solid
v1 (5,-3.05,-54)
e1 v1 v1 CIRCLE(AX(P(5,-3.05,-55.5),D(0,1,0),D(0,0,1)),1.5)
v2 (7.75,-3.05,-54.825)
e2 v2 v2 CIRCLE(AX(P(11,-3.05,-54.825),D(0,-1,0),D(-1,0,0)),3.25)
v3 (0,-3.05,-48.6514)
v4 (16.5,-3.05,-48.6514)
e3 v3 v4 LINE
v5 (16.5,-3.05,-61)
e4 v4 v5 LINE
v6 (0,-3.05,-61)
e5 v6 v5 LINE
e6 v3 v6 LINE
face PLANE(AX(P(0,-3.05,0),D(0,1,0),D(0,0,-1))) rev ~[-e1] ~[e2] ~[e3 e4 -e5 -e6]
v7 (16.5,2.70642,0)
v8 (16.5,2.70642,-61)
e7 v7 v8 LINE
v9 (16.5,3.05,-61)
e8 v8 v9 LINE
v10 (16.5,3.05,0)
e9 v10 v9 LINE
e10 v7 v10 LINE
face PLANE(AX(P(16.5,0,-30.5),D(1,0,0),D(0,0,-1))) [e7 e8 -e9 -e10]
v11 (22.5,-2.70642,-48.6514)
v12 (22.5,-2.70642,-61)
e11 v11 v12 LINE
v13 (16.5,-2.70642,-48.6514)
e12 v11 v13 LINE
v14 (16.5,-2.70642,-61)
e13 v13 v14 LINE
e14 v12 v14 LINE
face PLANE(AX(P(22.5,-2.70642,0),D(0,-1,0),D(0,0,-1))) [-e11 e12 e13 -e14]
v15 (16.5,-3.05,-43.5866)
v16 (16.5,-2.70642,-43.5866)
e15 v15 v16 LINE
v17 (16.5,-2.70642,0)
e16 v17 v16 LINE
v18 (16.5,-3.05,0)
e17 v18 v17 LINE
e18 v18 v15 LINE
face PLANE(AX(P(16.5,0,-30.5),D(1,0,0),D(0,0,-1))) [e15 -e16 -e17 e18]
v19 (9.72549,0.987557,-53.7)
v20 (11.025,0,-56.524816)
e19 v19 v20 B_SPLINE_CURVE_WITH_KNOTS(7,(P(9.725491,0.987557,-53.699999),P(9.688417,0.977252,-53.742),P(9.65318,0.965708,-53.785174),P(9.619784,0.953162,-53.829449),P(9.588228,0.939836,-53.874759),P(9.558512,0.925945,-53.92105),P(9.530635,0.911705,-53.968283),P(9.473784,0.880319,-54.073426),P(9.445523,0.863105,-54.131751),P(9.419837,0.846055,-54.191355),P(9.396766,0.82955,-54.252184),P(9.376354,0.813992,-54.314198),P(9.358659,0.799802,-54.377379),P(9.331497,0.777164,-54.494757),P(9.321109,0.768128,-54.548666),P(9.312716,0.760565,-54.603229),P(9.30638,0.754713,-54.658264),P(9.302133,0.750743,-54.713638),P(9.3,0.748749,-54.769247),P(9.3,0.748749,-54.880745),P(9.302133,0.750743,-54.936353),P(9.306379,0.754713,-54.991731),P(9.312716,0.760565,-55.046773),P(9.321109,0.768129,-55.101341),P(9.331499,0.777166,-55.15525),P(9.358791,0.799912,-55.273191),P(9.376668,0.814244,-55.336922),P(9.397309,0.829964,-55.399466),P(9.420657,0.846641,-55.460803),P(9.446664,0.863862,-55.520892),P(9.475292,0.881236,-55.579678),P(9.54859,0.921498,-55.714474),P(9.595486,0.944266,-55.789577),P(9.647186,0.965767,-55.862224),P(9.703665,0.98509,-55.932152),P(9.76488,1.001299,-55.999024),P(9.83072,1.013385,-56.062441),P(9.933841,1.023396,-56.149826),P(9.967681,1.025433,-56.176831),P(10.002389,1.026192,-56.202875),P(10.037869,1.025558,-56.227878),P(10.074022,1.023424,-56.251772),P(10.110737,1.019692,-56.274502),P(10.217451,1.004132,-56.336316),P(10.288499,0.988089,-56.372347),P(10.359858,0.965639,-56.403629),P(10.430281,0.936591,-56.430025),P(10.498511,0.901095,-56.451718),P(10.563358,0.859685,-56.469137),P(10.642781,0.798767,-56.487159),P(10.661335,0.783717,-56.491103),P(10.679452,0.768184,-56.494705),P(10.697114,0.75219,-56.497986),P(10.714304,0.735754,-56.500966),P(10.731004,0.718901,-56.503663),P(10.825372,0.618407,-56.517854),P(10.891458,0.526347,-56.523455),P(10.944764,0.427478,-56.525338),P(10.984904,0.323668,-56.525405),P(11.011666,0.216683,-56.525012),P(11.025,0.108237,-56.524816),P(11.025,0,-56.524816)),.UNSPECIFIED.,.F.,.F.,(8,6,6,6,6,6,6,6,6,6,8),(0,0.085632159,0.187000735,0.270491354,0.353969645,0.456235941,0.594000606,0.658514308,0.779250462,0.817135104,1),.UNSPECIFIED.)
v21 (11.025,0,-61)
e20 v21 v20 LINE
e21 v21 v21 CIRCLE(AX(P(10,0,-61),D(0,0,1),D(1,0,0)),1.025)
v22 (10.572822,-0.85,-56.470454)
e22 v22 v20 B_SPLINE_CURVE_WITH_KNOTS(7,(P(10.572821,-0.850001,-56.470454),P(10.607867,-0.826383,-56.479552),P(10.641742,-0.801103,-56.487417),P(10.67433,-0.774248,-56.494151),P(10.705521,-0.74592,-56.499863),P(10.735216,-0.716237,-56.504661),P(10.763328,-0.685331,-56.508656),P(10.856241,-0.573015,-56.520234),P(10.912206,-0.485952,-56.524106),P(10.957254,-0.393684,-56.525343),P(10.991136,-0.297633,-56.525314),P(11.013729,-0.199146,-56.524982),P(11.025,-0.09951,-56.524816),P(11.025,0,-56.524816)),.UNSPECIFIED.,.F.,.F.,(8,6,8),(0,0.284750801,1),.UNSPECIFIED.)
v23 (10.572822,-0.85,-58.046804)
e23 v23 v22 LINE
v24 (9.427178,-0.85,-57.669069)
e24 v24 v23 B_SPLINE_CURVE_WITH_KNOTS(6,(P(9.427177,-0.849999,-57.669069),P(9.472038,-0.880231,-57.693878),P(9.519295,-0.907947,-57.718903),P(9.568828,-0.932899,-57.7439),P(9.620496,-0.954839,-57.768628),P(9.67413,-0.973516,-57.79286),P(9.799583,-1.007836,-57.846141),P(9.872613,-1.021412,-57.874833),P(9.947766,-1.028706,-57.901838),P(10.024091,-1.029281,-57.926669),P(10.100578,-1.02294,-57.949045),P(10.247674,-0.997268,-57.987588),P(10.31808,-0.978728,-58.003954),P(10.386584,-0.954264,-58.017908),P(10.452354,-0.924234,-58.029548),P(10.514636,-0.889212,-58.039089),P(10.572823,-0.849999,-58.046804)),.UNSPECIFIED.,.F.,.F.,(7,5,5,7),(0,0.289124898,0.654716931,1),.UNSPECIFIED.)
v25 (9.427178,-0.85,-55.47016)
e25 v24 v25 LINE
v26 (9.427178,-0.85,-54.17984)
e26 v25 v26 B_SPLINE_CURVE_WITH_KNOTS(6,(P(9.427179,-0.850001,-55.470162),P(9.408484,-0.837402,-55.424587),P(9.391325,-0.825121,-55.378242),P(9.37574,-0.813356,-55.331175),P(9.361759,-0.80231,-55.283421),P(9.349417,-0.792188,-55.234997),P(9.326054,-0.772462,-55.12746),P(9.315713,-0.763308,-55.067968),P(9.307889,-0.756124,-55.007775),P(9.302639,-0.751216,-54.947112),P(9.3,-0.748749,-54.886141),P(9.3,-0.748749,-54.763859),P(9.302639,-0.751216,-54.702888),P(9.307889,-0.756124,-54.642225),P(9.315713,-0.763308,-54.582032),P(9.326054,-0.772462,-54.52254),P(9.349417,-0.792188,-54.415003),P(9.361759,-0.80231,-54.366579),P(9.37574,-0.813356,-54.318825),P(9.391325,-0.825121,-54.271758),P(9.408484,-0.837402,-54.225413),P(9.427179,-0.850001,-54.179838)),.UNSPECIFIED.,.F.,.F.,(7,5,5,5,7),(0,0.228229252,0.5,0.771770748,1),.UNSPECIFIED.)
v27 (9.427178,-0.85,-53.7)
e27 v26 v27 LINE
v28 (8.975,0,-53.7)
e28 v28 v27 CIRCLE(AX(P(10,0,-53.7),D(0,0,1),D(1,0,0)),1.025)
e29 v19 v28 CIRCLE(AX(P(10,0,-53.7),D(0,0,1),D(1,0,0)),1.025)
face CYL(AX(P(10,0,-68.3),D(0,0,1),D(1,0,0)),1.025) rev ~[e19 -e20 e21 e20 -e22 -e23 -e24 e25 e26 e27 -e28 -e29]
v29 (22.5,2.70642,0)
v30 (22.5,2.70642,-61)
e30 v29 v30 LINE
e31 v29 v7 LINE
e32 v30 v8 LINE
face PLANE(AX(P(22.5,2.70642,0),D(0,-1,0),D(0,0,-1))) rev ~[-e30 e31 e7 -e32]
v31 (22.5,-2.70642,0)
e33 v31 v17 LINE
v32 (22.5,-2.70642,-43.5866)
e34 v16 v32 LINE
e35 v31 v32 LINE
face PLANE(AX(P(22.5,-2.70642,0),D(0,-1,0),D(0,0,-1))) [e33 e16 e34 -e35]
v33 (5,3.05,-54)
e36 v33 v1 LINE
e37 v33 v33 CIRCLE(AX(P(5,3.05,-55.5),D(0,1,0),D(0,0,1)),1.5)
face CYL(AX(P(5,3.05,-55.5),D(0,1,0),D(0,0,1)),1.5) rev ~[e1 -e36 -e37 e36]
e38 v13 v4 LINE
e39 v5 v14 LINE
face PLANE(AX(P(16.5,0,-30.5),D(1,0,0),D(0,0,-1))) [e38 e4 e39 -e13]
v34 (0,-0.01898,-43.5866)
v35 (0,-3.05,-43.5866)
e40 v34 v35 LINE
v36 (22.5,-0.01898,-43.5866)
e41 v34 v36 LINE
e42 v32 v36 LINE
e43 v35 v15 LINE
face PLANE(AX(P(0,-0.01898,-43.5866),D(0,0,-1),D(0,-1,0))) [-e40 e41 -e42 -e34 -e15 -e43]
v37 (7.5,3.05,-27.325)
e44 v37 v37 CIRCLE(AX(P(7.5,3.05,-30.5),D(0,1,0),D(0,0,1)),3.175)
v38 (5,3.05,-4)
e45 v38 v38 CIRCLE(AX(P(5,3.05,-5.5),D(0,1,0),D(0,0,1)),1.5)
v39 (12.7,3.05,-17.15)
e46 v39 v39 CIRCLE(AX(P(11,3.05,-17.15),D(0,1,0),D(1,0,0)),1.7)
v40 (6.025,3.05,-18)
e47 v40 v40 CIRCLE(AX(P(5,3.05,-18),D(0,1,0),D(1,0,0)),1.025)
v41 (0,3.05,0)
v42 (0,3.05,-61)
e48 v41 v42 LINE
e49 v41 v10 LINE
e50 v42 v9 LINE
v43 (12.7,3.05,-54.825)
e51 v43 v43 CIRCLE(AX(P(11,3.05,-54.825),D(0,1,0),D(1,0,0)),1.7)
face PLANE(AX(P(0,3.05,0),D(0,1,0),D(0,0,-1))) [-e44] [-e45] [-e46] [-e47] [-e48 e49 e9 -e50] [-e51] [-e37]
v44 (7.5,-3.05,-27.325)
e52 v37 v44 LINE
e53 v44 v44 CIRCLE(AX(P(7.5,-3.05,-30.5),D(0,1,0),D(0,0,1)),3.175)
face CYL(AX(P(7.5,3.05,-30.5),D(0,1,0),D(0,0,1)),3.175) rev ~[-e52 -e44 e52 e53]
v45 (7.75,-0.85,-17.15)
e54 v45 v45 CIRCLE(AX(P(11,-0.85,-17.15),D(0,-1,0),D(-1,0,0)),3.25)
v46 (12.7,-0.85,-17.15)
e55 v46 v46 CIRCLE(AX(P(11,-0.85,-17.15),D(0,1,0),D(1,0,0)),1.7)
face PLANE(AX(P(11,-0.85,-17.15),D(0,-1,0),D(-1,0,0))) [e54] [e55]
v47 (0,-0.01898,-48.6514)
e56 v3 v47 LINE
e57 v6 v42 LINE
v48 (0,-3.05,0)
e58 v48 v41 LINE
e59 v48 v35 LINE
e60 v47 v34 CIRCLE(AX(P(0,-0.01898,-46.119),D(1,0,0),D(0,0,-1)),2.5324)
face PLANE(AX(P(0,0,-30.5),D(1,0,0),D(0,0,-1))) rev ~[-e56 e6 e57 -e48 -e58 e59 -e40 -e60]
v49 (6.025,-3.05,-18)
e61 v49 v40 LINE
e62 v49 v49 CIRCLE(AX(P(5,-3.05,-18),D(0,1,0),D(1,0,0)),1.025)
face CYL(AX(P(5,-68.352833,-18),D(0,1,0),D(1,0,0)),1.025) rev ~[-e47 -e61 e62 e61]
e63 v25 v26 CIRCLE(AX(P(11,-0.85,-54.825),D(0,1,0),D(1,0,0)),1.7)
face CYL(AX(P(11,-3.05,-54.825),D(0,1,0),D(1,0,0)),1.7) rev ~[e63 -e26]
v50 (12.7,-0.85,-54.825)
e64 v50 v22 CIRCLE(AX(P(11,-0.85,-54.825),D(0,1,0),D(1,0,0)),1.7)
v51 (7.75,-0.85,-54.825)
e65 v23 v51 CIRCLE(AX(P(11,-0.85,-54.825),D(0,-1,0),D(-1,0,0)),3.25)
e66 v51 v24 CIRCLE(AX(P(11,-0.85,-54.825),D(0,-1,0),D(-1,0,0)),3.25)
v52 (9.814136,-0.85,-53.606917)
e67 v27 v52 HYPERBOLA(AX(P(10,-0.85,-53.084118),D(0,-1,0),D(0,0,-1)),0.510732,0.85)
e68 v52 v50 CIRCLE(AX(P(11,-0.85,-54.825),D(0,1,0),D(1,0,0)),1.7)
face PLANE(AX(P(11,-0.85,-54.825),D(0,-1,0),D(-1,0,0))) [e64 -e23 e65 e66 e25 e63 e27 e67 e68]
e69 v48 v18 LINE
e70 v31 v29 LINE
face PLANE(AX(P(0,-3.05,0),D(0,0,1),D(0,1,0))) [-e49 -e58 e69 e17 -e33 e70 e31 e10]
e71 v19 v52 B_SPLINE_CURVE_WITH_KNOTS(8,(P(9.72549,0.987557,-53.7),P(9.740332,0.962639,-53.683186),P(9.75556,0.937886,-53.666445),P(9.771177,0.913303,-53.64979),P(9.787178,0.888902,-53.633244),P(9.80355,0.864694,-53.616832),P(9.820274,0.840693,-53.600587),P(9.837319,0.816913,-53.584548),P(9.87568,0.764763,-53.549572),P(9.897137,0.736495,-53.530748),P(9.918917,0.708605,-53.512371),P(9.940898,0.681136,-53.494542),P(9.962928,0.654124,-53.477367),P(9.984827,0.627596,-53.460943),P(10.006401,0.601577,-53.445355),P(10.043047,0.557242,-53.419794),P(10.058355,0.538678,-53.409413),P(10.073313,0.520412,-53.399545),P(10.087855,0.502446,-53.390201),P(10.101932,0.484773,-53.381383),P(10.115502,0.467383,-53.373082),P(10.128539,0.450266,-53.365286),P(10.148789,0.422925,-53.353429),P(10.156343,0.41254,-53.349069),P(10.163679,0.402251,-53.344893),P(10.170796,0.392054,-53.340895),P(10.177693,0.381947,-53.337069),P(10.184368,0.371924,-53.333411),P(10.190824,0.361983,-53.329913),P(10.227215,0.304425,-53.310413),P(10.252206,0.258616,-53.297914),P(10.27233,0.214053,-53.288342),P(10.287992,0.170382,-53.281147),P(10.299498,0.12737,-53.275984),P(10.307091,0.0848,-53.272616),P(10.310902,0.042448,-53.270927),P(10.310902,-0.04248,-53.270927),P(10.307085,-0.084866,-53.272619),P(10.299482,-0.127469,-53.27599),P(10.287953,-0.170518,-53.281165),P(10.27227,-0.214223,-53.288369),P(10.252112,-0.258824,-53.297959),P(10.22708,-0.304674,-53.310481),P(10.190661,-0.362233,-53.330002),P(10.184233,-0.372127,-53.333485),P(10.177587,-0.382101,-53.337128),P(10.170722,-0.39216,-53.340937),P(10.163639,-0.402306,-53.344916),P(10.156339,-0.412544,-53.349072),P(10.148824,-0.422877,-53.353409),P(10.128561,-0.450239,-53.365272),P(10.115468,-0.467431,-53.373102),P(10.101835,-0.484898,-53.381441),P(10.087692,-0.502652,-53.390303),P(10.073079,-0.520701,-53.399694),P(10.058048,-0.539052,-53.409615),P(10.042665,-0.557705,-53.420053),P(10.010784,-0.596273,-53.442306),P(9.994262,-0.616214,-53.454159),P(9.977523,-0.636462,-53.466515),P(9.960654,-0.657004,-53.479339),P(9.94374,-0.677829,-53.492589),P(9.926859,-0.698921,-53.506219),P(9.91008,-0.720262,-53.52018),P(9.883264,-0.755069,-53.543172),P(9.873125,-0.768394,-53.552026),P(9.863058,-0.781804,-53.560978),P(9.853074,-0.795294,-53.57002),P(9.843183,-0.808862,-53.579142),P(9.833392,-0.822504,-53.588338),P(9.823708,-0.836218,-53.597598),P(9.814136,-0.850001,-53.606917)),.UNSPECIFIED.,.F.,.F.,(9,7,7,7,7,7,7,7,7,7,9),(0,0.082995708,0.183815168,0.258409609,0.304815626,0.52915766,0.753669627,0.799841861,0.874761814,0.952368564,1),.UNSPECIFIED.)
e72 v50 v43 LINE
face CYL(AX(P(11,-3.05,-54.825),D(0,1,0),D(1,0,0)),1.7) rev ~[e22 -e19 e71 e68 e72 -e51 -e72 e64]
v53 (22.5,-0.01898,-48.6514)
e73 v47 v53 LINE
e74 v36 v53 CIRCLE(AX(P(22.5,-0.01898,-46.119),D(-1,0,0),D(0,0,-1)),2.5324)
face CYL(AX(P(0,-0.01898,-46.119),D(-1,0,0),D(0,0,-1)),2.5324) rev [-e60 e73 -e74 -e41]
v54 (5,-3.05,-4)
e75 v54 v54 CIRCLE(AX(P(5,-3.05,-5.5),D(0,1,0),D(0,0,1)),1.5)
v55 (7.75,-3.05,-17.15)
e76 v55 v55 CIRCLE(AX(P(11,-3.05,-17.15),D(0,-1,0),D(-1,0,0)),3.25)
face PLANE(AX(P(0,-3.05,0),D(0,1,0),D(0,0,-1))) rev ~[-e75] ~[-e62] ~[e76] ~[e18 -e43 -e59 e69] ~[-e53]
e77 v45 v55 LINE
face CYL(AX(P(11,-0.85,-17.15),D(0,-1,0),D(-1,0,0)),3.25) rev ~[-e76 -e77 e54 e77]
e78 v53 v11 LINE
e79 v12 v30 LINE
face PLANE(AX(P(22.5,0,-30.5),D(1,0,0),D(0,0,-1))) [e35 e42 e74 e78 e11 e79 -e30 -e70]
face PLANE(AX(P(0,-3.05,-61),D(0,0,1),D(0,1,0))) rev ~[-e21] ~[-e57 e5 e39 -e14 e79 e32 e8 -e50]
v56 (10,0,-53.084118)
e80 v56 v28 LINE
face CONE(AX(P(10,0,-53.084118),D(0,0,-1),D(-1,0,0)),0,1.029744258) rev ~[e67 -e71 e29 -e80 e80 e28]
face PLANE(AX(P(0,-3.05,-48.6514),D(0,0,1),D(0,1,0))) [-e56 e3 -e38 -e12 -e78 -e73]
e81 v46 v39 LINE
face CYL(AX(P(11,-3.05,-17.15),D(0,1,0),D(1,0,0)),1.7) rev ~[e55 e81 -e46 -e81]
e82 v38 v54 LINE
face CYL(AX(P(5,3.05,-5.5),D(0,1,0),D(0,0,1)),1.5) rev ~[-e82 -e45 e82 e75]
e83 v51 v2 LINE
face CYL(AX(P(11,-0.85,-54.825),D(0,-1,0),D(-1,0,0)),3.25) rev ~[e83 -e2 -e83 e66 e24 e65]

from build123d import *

# Parameters (mm, degrees)
SKETCH1_W                                        = 61
SKETCH1_H                                        = 6.1
BOSS_EXTRUDE1_DEPTH                              = 22.5
SKETCH2_OUTSIDE_W                                = 76.06
SKETCH2_OUTSIDE_H                                = 21.16
SKETCH2_OUTSIDE_W_2                              = 61
SKETCH2_OUTSIDE_H_2                              = 5.41284
CUT_EXTRUDE1_DEPTH                               = 6
CUT_EXTRUDE3_DEPTH                               = 23.5
SKETCH6_R                                        = 3.175
CUT_EXTRUDE4_DEPTH                               = 7.1
SKETCH7_R                                        = 1.5
CUT_EXTRUDE5_DEPTH                               = 7.1
M2_5X0_45_TAPPED_HOLE1_D                         = 2.05
M2_5X0_45_TAPPED_HOLE2_D                         = 2.05
M2_5X0_45_TAPPED_HOLE2_DEPTH                     = 7.3
M2_5X0_45_TAPPED_HOLE2_TIP                       = 0.615882135
CBORE_FOR_M3_PAN_HEAD_MACHINE_SCREW1_D           = 3.4
CBORE_FOR_M3_PAN_HEAD_MACHINE_SCREW1_CBORE_D     = 6.5
CBORE_FOR_M3_PAN_HEAD_MACHINE_SCREW1_CBORE_DEPTH = 2.2


with BuildPart() as part:
    # Sketch1 → Boss-Extrude1 (new body)
    with BuildSketch(Plane(origin=(0, 0, 0), x_dir=(0, 0, -1), z_dir=(1, 0, 0))):
        with Locations((30.5, 0)):
            Rectangle(SKETCH1_W, SKETCH1_H)
    extrude(amount=BOSS_EXTRUDE1_DEPTH)

    # Sketch2 outside → Cut-Extrude1 (cut)
    with BuildSketch(Plane(origin=(22.5, 0, 0), x_dir=(0, 0, -1), z_dir=(1, 0, 0))):
        with Locations((30.5, 0)):
            Rectangle(SKETCH2_OUTSIDE_W, SKETCH2_OUTSIDE_H)
        with Locations((30.5, 0)):
            Rectangle(SKETCH2_OUTSIDE_W_2, SKETCH2_OUTSIDE_H_2, mode=Mode.SUBTRACT)
    extrude(amount=-CUT_EXTRUDE1_DEPTH, mode=Mode.SUBTRACT)

    # Sketch5 → Cut-Extrude3 (cut, through all)
    with BuildSketch(Plane.ZY):
        with BuildLine():
            Line((-43.5866, -0.01898), (-43.5866, -3.05))
            Line((-43.5866, -3.05), (-48.6514, -3.05))
            Line((-48.6514, -3.05), (-48.6514, -0.01898))
            ThreePointArc((-48.6514, -0.01898), (-46.119, 2.51342), (-43.5866, -0.01898))
        make_face()
    extrude(amount=-CUT_EXTRUDE3_DEPTH, mode=Mode.SUBTRACT)

    # Sketch6 → Cut-Extrude4 (cut, through all)
    with BuildSketch(Plane(origin=(0, 3.05, 0), x_dir=(1, 0, 0), z_dir=(0, 1, 0))):
        with Locations(Location((7.5, 30.5, 0), (0, 0, 270))):  # turned: the seam where the file's is
            Circle(SKETCH6_R)
    extrude(amount=-CUT_EXTRUDE4_DEPTH, mode=Mode.SUBTRACT)

    # Sketch7 → Cut-Extrude5 (cut, through all)
    with BuildSketch(Plane(origin=(0, 3.05, 0), x_dir=(1, 0, 0), z_dir=(0, 1, 0))):
        with Locations(Location((5, 55.5, 0), (0, 0, 270))):  # turned: the seam where the file's is
            Circle(SKETCH7_R)
        with Locations(Location((5, 5.5, 0), (0, 0, 270))):  # turned: the seam where the file's is
            Circle(SKETCH7_R)
    extrude(amount=-CUT_EXTRUDE5_DEPTH, mode=Mode.SUBTRACT)

    # M2.5x0.45 Tapped Hole1 (through all)
    with Locations(Plane(origin=(0, -3.05, 0), x_dir=(-1, 0, 0), z_dir=(0, -1, 0))):
        with Locations((-5, 18)):
            Hole(M2_5X0_45_TAPPED_HOLE1_D / 2)

    # M2.5x0.45 Tapped Hole2
    with Locations(Plane(origin=(0, 0, -61), x_dir=(-1, 0, 0), z_dir=(0, 0, -1))):
        with Locations((-10, 0)):
            Hole(M2_5X0_45_TAPPED_HOLE2_D / 2, depth=M2_5X0_45_TAPPED_HOLE2_DEPTH)
            with Locations((0, 0, -(M2_5X0_45_TAPPED_HOLE2_DEPTH + M2_5X0_45_TAPPED_HOLE2_TIP / 2))):  # 118° drill point
                Cone(0, M2_5X0_45_TAPPED_HOLE2_D / 2, M2_5X0_45_TAPPED_HOLE2_TIP, mode=Mode.SUBTRACT)

    # CBORE for M3 Pan Head Machine Screw1 (through all)
    with Locations(Plane(origin=(0, -3.05, 0), x_dir=(-1, 0, 0), z_dir=(0, -1, 0))):
        with Locations((-11, 54.825), (-11, 17.15)):
            CounterBoreHole(CBORE_FOR_M3_PAN_HEAD_MACHINE_SCREW1_D / 2, CBORE_FOR_M3_PAN_HEAD_MACHINE_SCREW1_CBORE_D / 2, CBORE_FOR_M3_PAN_HEAD_MACHINE_SCREW1_CBORE_DEPTH)


solid = part.part
